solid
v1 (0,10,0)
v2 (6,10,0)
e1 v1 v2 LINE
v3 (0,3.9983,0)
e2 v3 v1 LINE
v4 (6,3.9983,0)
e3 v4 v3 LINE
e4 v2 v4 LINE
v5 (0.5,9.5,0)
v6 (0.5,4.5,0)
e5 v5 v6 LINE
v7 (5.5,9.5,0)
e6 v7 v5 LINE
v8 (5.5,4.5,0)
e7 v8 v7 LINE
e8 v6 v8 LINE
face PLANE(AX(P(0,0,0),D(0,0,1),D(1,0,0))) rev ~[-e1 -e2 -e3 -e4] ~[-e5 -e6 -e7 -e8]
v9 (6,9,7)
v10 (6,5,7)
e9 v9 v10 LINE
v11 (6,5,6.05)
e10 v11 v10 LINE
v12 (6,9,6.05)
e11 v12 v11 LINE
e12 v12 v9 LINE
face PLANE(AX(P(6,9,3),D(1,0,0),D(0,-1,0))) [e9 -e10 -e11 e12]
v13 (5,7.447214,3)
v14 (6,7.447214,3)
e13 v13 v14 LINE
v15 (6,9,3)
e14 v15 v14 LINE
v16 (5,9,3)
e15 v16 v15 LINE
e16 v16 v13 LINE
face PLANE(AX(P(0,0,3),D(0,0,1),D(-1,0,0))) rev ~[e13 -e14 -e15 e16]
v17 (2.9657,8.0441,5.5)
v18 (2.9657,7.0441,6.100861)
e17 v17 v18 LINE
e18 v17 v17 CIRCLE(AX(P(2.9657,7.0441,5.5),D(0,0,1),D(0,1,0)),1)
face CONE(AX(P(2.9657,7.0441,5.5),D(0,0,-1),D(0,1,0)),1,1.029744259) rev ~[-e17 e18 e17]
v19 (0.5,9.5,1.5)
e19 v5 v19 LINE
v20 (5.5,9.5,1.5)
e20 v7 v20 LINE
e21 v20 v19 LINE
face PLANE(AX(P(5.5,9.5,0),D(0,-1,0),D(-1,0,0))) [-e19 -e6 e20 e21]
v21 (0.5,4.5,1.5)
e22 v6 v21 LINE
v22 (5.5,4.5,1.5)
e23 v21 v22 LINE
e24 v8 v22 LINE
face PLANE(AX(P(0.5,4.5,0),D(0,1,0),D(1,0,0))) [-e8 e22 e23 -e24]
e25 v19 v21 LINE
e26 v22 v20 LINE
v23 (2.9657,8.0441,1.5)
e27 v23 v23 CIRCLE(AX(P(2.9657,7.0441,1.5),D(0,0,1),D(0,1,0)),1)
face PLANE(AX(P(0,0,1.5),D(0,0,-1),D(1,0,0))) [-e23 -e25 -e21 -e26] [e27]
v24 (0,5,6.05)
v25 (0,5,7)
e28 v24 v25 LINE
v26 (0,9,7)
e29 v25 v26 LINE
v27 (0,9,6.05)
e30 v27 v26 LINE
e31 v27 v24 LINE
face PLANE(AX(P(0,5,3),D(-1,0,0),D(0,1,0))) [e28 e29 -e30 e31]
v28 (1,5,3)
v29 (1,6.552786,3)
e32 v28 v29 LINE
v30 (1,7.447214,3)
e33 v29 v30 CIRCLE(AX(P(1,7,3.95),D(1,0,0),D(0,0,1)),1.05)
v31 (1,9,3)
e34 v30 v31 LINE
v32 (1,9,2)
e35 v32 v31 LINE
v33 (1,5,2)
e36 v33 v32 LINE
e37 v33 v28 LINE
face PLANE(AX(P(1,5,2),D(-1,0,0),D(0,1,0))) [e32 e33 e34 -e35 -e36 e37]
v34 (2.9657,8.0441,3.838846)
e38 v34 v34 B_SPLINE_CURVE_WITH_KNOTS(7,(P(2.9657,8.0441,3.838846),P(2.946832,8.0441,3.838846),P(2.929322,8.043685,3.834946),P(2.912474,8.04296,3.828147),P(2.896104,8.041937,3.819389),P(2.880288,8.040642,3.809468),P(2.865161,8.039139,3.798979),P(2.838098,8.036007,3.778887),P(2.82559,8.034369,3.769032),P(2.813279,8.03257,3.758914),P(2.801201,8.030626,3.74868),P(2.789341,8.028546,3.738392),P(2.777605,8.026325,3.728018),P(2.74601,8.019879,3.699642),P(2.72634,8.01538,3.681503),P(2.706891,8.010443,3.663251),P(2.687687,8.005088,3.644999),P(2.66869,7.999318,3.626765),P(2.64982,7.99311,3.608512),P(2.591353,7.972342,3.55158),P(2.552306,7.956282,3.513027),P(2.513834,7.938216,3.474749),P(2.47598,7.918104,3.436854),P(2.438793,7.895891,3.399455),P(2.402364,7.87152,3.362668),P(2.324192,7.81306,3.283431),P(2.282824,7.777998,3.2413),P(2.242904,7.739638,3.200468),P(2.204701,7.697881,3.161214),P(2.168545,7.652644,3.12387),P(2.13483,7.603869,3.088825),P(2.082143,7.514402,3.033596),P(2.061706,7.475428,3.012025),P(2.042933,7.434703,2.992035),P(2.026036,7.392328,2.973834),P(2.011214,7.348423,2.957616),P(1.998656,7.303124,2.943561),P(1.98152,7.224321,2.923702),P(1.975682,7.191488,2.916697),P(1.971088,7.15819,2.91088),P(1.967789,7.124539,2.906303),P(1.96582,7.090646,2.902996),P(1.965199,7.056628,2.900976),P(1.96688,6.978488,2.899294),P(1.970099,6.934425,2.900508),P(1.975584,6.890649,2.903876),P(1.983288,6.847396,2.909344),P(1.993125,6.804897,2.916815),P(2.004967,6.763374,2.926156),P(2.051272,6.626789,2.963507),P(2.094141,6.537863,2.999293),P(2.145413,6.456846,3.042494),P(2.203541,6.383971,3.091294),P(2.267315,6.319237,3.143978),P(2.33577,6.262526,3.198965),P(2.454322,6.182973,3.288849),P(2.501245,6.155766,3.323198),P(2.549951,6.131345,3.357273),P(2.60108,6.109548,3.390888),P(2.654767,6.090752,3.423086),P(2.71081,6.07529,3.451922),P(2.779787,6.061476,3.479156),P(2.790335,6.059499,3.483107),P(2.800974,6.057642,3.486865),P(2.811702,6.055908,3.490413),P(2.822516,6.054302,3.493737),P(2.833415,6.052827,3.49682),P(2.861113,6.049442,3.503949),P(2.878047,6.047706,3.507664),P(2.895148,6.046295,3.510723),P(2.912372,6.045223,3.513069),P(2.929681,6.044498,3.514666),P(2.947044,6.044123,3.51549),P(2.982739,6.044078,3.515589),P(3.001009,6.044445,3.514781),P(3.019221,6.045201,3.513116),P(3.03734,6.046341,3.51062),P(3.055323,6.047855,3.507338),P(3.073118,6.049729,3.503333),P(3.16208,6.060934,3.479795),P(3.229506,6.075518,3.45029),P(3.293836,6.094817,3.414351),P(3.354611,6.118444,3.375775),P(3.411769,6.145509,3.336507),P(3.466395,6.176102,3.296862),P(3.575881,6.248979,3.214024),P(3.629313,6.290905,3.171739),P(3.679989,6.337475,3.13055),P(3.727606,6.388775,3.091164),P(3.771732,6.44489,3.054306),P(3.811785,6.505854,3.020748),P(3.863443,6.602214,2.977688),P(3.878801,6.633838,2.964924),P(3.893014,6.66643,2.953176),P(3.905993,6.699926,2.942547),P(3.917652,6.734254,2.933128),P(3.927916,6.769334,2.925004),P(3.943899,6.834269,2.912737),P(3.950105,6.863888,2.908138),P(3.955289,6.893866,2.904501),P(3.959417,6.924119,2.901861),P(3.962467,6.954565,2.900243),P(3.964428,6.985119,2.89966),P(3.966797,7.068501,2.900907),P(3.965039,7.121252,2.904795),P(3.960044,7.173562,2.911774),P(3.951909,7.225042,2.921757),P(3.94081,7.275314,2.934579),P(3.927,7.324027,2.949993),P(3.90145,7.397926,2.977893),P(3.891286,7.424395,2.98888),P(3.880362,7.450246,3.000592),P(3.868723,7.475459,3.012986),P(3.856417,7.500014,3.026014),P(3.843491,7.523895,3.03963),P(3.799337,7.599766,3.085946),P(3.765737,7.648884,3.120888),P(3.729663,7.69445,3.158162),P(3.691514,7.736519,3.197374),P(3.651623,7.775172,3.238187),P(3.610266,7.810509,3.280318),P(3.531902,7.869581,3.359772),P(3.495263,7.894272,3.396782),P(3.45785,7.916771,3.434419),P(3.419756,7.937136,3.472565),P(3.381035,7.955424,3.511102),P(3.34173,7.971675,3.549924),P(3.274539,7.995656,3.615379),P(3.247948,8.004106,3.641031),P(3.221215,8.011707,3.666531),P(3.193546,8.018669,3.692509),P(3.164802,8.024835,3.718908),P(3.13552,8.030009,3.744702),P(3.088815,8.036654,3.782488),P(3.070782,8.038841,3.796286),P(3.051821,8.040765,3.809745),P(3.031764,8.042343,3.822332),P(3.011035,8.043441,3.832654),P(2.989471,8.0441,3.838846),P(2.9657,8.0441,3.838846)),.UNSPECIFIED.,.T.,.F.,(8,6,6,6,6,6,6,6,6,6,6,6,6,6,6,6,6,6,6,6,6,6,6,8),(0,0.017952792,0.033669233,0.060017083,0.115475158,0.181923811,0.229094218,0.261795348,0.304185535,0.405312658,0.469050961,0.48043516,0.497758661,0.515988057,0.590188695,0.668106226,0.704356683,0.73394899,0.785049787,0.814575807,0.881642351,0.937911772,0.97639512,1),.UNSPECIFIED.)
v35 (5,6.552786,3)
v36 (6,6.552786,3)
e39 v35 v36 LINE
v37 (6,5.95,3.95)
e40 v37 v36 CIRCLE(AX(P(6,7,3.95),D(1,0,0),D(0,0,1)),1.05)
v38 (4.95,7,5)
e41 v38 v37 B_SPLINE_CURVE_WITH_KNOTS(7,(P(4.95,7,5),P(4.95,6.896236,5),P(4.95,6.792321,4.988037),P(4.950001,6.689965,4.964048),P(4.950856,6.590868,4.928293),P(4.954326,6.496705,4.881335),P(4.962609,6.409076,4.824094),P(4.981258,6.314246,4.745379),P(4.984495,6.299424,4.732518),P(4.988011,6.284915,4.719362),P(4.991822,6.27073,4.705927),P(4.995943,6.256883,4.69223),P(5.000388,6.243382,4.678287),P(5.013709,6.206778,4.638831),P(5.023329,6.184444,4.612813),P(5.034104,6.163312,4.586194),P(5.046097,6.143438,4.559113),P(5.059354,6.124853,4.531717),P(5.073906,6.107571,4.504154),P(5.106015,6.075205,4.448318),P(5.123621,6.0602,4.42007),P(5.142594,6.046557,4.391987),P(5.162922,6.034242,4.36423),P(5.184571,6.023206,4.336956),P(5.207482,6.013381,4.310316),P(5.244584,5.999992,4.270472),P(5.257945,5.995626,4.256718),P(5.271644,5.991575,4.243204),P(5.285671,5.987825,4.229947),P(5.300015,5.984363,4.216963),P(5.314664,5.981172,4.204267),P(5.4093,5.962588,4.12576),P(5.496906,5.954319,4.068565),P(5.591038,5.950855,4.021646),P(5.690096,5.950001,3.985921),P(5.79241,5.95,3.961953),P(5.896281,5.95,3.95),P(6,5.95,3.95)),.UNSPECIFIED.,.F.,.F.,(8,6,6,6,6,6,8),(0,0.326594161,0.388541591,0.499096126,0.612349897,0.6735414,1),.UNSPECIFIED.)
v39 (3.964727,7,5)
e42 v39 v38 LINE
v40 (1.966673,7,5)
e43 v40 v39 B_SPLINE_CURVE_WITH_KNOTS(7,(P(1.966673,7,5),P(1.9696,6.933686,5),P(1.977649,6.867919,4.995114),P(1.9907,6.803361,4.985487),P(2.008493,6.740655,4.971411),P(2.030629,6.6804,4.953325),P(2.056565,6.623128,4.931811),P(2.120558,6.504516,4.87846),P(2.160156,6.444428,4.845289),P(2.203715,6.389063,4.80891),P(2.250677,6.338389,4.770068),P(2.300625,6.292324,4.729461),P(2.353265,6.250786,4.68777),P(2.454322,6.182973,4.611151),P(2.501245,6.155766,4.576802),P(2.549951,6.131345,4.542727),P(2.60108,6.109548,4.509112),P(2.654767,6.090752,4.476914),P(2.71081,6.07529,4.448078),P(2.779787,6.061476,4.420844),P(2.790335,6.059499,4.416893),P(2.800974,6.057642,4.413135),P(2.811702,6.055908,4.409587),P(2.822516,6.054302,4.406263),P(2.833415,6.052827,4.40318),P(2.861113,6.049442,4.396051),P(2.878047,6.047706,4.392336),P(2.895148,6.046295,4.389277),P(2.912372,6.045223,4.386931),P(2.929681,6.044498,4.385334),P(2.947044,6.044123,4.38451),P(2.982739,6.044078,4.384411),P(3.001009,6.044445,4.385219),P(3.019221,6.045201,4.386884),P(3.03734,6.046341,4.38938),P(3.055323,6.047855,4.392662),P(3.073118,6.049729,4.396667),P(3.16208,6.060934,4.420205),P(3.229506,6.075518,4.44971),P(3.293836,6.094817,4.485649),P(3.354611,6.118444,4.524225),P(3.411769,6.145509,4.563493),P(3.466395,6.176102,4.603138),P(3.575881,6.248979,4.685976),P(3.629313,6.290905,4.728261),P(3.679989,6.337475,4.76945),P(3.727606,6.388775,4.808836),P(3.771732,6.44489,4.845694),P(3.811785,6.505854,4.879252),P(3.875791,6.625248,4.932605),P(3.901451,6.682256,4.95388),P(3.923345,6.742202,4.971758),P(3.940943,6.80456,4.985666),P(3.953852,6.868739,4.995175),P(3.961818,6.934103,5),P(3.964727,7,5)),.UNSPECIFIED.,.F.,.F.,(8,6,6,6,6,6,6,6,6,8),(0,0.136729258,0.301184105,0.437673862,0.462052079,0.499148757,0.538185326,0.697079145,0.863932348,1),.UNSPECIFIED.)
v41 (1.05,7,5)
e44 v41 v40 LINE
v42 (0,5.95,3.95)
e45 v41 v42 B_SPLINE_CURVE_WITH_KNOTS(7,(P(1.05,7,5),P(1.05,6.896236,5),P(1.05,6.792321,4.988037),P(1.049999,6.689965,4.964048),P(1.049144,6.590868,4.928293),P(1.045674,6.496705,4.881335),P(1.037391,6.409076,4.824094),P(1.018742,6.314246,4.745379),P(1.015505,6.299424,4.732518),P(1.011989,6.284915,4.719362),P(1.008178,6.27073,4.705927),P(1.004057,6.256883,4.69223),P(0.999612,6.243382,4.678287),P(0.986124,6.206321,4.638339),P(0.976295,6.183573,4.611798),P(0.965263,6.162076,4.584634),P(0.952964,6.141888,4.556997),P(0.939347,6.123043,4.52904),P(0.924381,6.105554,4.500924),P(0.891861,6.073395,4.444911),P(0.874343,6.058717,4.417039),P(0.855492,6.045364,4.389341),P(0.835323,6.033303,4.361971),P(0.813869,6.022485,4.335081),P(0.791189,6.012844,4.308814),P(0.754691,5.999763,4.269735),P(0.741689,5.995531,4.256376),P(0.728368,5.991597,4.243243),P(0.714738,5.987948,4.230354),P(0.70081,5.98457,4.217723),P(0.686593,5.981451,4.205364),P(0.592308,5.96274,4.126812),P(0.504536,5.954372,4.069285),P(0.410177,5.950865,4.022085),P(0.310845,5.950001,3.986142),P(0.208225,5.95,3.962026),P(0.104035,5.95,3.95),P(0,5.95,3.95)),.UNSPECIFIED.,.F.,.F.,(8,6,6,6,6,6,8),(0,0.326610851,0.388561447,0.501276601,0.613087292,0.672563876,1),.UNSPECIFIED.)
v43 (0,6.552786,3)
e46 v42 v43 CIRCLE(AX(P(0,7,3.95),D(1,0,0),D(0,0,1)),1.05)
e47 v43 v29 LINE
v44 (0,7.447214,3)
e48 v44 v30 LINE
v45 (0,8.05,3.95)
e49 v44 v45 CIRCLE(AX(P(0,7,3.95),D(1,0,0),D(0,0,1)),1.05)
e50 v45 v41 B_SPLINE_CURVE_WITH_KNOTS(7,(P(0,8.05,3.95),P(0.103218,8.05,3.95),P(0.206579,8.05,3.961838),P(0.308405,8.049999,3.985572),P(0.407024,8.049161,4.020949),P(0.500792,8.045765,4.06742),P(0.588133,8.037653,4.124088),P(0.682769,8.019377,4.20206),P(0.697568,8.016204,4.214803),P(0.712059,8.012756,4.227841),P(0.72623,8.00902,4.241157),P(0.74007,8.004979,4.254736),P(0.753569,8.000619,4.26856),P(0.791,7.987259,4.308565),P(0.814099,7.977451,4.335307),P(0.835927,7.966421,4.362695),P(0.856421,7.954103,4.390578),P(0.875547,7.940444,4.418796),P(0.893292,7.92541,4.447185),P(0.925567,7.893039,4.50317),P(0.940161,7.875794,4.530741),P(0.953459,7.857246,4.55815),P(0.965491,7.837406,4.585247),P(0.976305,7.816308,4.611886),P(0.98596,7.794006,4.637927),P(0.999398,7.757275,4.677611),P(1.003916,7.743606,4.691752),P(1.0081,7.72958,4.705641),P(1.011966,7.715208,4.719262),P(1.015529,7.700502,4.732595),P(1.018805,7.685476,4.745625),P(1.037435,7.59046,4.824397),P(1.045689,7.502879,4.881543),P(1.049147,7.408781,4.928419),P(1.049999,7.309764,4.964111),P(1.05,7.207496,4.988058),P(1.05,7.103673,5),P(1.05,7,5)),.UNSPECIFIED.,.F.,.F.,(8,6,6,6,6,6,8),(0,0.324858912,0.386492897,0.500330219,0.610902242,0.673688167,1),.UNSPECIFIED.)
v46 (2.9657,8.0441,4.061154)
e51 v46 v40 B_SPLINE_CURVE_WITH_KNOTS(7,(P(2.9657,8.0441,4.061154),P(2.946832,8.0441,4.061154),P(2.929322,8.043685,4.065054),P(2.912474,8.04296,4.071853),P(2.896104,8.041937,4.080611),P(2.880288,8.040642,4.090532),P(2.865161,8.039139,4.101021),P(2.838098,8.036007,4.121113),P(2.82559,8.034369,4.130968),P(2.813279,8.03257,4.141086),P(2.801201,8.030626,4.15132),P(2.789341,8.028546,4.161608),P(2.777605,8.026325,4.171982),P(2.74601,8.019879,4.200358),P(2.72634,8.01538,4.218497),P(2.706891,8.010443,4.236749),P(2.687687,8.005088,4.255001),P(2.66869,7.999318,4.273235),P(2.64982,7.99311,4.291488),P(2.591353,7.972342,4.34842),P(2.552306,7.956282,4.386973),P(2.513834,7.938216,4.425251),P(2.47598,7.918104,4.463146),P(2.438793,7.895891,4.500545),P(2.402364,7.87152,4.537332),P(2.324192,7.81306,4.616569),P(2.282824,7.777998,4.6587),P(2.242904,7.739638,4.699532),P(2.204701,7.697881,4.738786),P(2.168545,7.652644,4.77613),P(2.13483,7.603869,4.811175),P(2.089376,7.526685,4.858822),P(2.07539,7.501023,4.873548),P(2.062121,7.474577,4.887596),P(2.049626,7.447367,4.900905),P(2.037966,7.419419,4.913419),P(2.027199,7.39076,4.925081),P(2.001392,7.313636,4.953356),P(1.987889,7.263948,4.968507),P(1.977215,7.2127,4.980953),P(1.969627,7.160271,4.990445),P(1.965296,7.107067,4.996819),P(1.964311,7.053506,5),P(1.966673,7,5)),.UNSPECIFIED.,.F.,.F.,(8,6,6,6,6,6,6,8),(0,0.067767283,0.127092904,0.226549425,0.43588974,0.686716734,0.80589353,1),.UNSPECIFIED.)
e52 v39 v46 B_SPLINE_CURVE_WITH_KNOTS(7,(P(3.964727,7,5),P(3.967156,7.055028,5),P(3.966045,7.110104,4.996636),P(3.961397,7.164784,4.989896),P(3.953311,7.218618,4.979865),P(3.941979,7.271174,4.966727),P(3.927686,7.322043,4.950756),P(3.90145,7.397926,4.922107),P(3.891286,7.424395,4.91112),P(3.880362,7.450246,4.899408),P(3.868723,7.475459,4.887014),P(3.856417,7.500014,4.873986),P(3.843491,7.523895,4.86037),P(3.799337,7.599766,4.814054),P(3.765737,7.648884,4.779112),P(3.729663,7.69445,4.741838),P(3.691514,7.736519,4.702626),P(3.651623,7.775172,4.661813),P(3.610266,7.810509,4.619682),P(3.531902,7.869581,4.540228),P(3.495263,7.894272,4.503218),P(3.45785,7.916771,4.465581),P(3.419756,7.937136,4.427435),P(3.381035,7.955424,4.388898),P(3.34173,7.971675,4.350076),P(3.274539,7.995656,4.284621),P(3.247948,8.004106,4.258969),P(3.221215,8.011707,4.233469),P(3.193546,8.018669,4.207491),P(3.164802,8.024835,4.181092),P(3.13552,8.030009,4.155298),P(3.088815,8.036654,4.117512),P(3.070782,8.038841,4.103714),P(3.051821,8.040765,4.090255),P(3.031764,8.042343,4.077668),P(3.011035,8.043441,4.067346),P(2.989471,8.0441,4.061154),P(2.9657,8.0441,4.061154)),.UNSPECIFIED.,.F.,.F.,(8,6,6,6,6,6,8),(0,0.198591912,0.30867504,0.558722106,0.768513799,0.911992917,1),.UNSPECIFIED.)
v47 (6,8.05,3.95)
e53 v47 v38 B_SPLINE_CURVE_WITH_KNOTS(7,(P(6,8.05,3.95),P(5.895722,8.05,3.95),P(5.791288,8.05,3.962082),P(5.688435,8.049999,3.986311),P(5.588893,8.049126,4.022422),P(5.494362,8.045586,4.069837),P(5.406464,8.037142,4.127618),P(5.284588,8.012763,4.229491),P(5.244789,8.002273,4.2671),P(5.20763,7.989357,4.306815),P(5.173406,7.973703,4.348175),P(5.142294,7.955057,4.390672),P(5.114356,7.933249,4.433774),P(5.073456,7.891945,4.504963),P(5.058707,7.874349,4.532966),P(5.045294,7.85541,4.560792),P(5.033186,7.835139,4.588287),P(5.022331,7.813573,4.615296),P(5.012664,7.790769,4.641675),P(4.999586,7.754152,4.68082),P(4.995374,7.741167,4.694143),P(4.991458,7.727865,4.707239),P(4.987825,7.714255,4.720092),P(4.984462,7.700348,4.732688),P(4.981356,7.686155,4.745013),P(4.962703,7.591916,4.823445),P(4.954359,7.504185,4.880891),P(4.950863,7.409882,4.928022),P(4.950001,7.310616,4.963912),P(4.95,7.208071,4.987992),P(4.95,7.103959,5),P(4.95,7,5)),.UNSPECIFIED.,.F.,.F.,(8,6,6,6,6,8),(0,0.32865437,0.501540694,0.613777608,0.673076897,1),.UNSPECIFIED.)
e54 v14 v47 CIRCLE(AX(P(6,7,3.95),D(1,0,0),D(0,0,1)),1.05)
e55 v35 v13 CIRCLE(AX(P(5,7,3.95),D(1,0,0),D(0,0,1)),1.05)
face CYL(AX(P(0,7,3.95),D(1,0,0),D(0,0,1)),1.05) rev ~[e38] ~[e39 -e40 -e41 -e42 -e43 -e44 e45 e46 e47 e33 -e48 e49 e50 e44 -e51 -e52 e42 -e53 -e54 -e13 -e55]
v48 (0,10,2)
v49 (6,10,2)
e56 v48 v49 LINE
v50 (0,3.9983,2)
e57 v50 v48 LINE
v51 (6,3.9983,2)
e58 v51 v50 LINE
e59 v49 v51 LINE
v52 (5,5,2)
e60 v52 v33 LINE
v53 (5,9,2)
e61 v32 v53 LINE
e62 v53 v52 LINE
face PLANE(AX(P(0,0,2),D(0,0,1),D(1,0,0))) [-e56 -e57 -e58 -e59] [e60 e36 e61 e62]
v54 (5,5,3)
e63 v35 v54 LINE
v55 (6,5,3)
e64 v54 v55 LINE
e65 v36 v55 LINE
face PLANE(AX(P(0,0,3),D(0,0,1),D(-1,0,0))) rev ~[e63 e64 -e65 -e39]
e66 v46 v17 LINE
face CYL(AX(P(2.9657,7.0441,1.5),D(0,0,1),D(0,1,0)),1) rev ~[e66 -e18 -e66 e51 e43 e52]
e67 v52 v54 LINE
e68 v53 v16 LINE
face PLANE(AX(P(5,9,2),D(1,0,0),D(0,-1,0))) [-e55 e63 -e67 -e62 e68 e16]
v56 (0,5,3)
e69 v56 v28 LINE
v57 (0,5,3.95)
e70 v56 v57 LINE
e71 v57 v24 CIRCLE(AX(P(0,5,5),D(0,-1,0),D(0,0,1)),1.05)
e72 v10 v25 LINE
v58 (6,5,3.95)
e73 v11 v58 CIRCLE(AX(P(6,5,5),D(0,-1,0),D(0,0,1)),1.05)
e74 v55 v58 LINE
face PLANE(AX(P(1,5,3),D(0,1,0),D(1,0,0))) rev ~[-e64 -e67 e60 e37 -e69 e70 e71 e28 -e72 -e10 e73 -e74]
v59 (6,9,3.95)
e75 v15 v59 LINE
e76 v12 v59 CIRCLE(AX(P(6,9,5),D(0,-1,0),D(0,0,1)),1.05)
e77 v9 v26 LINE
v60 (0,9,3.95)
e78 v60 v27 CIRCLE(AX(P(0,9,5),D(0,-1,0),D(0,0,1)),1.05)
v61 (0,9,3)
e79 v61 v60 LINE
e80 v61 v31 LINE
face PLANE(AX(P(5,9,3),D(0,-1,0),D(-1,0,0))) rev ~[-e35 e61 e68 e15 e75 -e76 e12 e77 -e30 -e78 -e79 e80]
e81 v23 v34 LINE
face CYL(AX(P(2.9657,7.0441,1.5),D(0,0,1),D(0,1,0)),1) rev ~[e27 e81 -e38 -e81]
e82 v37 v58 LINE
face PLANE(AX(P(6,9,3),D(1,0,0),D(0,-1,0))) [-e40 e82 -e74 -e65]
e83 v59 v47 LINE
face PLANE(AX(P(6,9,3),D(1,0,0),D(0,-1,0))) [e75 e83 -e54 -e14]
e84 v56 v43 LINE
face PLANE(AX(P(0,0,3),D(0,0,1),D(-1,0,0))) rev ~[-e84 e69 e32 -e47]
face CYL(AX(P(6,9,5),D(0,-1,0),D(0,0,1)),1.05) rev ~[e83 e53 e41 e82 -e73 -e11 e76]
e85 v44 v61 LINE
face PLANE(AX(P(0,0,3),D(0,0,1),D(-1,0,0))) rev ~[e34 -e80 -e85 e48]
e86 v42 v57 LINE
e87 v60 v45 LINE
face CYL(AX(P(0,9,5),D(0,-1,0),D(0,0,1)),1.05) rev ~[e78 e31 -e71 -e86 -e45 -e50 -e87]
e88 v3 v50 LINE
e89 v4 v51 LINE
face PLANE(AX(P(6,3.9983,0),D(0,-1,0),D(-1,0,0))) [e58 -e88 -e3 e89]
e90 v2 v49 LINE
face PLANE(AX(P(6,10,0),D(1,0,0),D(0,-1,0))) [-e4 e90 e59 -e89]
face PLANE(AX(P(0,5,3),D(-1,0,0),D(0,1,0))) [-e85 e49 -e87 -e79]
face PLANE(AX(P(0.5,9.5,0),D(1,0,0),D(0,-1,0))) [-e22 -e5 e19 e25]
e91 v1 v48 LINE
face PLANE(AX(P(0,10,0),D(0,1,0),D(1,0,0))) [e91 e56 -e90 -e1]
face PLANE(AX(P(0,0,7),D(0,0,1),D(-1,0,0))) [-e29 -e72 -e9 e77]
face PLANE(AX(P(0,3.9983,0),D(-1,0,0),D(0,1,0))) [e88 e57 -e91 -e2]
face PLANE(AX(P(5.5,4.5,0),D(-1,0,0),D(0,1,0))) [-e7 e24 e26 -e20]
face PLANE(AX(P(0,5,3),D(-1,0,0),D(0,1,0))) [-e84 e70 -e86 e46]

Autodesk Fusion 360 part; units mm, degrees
sketch "草图1" plane through (0, 0, 0) normal (0, 0, 1) x (1, 0, 0)
  line L0 (0, 10) -> (6, 10)
  line L1 (6, 10) -> (6, 3.9983)
  line L2 (6, 3.9983) -> (0, 3.9983)
  line L3 (0, 3.9983) -> (0, 10)
  dimension "d1" = 6
extrude "拉伸1" add sketch "草图1" along normal blind 2
sketch "草图2" plane through (0, 0, 0) normal (0, 0, -1) x (1, 0, 0)
  line L0 (6, -3.9983) -> (0, -3.9983)
  line L1 (0, -3.9983) -> (0, -10)
  line L2 (0, -10) -> (6, -10)
  line L3 (6, -10) -> (6, -3.9983)
sketch "草图3" plane through (0, 0, 0) normal (0, 0, -1) x (1, 0, 0)
  line L0 (5.5, -9.5) -> (0.5, -9.5)
  line L1 (0.5, -9.5) -> (0.5, -4.5)
  line L2 (0.5, -4.5) -> (5.5, -4.5)
  line L3 (5.5, -4.5) -> (5.5, -9.5)
extrude "拉伸2" cut sketch "草图3" against normal blind 1.5
sketch "草图4" plane through (0, 0, 2) normal (0, 0, 1) x (-1, 0, 0)
  line L0 (0, -3.9983) -> (-6, -3.9983)
  line L1 (-6, -3.9983) -> (-6, -10)
  line L2 (-6, -10) -> (0, -10)
  line L3 (0, -10) -> (0, -3.9983)
  line L4 (-5, -5) -> (-1, -5)
  line L5 (-1, -5) -> (-1, -9)
  line L6 (-1, -9) -> (-5, -9)
  line L7 (-5, -9) -> (-5, -5)
extrude "拉伸3" add sketch "草图4" along normal blind 1 contours L4 L5 L6 L7
sketch "草图5" plane through (0, 0, 3) normal (0, 0, 1) x (-1, 0, 0)
  line L0 (-5, -9) -> (-1, -9)
  line L1 (-1, -9) -> (-1, -5)
  line L2 (-1, -5) -> (-5, -5)
  line L3 (-5, -5) -> (-5, -9)
  line L4 (-6, -5) -> (0, -5)
  line L5 (0, -5) -> (0, -9)
  line L6 (0, -9) -> (-6, -9)
  line L7 (-6, -9) -> (-6, -5)
extrude "拉伸4" add sketch "草图5" along normal blind 4
hole "孔1" at (6, 9, 5) direction (0, -1, 0) diameter 2.1 depth 6.5 tip angle 118
hole "孔2" at (0, 9, 5) direction (0, -1, 0) diameter 2.1 depth 6.5 tip angle 118
hole "孔3" at (0, 7, 3.95) direction (1, 0, 0) diameter 2.1 depth 6.5 tip angle 118
sketch "草图6" plane through (0, 0, 7) normal (0, 0, 1) x (-1, 0, 0)
  line L0 (-6, -9) -> (0, -9)
  line L1 (0, -9) -> (0, -5)
  line L2 (0, -5) -> (-6, -5)
  line L3 (-6, -5) -> (-6, -9)
hole "孔4" at (2.9657, 7.0441, 1.5) direction (0, 0, 1) diameter 2 depth 4 tip angle 118
